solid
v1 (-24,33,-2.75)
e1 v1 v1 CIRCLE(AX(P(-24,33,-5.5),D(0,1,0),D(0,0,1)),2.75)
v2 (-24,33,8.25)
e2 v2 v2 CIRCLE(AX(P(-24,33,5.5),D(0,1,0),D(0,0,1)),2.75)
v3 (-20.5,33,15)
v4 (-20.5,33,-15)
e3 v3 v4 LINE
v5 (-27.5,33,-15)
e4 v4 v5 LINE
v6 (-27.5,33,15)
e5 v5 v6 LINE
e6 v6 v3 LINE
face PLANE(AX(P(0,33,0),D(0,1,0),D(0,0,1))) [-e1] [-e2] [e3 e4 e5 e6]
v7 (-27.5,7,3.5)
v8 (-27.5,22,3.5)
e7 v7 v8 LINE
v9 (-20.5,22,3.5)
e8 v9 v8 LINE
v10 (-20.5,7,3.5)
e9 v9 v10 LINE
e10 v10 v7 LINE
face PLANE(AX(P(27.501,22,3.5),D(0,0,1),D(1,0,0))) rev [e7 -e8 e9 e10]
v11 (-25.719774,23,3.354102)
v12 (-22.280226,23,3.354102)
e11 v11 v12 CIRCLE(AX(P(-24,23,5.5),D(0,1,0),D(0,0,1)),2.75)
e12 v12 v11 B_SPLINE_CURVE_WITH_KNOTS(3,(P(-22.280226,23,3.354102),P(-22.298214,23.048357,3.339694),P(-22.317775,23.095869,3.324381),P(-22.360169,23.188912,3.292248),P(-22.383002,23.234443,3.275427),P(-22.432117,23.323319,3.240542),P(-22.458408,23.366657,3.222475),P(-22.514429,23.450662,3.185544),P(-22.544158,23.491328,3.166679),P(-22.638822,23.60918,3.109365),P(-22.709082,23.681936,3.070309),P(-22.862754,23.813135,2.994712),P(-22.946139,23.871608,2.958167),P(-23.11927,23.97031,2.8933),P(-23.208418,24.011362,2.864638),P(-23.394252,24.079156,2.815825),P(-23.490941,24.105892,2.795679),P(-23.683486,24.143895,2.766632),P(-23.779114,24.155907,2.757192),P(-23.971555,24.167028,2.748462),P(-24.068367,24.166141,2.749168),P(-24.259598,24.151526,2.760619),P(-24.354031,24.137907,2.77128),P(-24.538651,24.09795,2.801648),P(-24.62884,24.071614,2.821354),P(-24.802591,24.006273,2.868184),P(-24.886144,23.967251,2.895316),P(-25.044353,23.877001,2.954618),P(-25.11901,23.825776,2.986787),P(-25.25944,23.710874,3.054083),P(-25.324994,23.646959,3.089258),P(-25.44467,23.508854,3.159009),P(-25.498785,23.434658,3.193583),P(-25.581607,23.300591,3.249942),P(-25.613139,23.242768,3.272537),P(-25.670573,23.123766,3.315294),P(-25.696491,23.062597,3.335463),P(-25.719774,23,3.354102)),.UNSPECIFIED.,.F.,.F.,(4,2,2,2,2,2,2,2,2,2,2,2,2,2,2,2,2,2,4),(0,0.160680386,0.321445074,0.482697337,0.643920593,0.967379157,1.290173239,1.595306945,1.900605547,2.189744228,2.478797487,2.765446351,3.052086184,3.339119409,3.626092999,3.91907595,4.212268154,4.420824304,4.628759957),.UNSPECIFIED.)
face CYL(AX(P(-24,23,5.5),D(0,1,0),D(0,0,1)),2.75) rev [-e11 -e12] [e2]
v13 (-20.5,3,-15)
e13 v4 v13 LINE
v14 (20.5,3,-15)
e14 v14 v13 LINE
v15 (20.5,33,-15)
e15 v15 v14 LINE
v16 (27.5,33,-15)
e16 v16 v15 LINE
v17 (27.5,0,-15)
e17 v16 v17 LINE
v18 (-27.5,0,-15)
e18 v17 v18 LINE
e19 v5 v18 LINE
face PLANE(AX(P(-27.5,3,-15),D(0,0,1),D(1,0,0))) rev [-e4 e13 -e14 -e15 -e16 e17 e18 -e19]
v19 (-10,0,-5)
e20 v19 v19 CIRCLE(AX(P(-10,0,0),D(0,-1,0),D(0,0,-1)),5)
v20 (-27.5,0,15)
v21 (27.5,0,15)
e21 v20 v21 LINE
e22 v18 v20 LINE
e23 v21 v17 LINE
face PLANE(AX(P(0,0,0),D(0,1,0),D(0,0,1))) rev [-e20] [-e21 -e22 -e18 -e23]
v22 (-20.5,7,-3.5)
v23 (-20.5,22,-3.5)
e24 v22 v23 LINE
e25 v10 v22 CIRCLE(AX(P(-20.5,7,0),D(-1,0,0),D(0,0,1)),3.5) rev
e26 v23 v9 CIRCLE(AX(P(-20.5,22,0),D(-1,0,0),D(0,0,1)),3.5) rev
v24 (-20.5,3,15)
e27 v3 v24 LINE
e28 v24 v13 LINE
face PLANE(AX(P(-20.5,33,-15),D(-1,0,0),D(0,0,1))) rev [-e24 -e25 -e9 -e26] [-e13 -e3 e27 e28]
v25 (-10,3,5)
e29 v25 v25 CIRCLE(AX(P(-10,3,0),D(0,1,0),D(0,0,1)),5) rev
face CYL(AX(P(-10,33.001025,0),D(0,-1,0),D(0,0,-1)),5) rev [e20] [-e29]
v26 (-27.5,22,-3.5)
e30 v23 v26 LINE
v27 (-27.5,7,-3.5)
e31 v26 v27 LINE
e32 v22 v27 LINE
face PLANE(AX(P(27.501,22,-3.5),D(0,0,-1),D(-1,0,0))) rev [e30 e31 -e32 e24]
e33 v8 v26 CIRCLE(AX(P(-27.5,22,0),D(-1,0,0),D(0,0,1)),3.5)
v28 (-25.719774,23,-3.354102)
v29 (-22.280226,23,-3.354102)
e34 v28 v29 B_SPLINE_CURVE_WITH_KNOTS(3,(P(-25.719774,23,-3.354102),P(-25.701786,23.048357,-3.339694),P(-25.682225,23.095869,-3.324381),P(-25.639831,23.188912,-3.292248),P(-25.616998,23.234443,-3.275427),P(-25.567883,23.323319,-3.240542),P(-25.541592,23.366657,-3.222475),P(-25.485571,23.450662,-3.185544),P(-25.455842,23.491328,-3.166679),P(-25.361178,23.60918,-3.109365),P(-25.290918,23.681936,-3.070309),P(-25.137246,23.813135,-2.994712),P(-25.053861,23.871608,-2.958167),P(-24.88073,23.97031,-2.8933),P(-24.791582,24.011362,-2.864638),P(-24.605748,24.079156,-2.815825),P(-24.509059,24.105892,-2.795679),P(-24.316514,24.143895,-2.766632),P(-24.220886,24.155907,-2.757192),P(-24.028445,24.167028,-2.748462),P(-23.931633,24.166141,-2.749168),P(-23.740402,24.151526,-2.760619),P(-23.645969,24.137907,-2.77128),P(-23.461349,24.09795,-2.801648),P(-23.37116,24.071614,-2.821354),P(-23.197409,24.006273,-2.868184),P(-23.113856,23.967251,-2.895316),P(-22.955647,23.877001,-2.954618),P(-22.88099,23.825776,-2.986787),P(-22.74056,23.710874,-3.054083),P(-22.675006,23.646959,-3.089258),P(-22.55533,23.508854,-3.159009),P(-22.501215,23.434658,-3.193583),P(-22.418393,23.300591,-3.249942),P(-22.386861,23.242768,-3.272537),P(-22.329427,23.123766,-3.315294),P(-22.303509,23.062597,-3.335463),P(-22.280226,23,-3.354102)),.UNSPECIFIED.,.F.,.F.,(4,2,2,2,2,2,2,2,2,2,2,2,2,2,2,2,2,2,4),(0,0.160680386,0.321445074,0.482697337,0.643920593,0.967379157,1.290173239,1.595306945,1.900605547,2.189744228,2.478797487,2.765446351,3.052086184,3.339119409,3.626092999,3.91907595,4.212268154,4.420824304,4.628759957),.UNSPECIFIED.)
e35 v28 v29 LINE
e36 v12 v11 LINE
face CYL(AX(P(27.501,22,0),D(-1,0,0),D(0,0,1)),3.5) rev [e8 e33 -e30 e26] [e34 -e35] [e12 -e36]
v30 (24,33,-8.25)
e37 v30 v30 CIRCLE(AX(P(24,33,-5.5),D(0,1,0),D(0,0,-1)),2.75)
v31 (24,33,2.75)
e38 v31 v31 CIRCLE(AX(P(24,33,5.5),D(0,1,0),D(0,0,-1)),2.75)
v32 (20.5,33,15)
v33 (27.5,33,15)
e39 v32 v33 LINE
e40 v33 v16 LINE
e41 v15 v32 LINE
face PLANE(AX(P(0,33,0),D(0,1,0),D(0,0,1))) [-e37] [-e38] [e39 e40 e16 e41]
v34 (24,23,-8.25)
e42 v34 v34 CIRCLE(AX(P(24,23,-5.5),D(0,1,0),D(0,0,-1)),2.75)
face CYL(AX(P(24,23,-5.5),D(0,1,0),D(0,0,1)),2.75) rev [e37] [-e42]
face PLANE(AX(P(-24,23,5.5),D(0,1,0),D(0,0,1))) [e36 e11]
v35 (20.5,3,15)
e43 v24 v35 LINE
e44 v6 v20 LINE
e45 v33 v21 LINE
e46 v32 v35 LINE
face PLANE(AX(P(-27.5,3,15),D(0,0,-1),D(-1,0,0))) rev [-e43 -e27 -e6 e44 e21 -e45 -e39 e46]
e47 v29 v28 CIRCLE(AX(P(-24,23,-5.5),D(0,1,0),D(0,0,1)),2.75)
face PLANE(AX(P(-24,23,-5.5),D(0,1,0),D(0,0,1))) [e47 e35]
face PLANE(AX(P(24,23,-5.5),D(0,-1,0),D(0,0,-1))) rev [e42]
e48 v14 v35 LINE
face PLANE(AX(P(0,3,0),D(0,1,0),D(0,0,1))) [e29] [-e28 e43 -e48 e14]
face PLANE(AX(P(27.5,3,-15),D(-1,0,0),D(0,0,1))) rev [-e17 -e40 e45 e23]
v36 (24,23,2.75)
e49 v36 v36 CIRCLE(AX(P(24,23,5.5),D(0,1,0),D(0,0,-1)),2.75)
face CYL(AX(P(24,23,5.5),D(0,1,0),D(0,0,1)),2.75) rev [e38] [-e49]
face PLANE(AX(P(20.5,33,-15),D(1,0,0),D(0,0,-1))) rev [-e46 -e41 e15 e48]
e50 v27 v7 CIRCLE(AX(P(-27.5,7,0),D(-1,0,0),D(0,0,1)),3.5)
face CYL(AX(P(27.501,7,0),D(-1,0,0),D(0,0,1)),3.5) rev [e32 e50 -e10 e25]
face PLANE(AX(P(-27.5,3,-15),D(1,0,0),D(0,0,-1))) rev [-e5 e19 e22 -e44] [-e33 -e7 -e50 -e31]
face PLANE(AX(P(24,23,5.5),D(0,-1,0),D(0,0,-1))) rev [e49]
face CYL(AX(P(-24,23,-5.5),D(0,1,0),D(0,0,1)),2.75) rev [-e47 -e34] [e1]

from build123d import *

# Parameters (mm, degrees)
SKETCH1_W           = 55
SKETCH1_H           = 30
BOSS_EXTRUDE1_DEPTH = 3
SKETCH2_W           = 7
SKETCH2_H           = 30
BOSS_EXTRUDE2_DEPTH = 30
SKETCH3_R           = 2.75
CUT_EXTRUDE1_DEPTH  = 10
CUT_EXTRUDE2_REACH  = 57
CUT_EXTRUDE3_REACH  = 35
SKETCH5_R           = 5


with BuildPart() as part:
    # Sketch1 → Boss-Extrude1 (new body)
    with BuildSketch(Plane(origin=(0, 0, 0), x_dir=(1, 0, 0), z_dir=(0, 1, 0))):
        Rectangle(SKETCH1_W, SKETCH1_H)
    extrude(amount=BOSS_EXTRUDE1_DEPTH)

    # Sketch2 → Boss-Extrude2 (add)
    with BuildSketch(Plane(origin=(0, 3, 0), x_dir=(1, 0, 0), z_dir=(0, 1, 0))):
        Polygon((-27.5, -12), (-27.5, -15), (-20.5, -15), (-20.5, 15), (-27.5, 15), align=None)
        with Locations((24, 0)):
            Rectangle(SKETCH2_W, SKETCH2_H)
    extrude(amount=BOSS_EXTRUDE2_DEPTH)

    # Sketch3 → Cut-Extrude1 (cut)
    with BuildSketch(Plane(origin=(0, 33, 0), x_dir=(1, 0, 0), z_dir=(0, 1, 0))):
        with Locations((-24, 5.5)):
            Circle(SKETCH3_R)
        with Locations((-24, -5.5)):
            Circle(SKETCH3_R)
        with Locations((24, -5.5)):
            Circle(SKETCH3_R)
        with Locations((24, 5.5)):
            Circle(SKETCH3_R)
    extrude(amount=-CUT_EXTRUDE1_DEPTH, mode=Mode.SUBTRACT)

    # Sketch4 → Cut-Extrude2 (cut, up to next)
    with BuildSketch(Plane.ZY.offset(27.5), mode=Mode.PRIVATE) as cut_extrude2_sk1:
        with BuildLine():
            Line((3.5, 22), (3.5, 7))
            ThreePointArc((3.5, 7), (0, 3.5), (-3.5, 7))
            Line((-3.5, 7), (-3.5, 22))
            ThreePointArc((-3.5, 22), (0, 25.5), (3.5, 22))
        make_face()
    cut_extrude2_tool1 = extrude(cut_extrude2_sk1.sketch, amount=-CUT_EXTRUDE2_REACH, mode=Mode.PRIVATE) & part.part
    add(cut_extrude2_tool1.solids().sort_by_distance((-27.5, 14.5, 0))[0], mode=Mode.SUBTRACT)

    # Sketch5 → Cut-Extrude3 (cut, up to next)
    with BuildSketch(Plane.XZ, mode=Mode.PRIVATE) as cut_extrude3_sk1:
        with Locations((-10, 0)):
            Circle(SKETCH5_R)
    cut_extrude3_tool1 = extrude(cut_extrude3_sk1.sketch, amount=-CUT_EXTRUDE3_REACH, mode=Mode.PRIVATE) & part.part
    add(cut_extrude3_tool1.solids().sort_by_distance((-10, 0, 0))[0], mode=Mode.SUBTRACT)


solid = part.part
